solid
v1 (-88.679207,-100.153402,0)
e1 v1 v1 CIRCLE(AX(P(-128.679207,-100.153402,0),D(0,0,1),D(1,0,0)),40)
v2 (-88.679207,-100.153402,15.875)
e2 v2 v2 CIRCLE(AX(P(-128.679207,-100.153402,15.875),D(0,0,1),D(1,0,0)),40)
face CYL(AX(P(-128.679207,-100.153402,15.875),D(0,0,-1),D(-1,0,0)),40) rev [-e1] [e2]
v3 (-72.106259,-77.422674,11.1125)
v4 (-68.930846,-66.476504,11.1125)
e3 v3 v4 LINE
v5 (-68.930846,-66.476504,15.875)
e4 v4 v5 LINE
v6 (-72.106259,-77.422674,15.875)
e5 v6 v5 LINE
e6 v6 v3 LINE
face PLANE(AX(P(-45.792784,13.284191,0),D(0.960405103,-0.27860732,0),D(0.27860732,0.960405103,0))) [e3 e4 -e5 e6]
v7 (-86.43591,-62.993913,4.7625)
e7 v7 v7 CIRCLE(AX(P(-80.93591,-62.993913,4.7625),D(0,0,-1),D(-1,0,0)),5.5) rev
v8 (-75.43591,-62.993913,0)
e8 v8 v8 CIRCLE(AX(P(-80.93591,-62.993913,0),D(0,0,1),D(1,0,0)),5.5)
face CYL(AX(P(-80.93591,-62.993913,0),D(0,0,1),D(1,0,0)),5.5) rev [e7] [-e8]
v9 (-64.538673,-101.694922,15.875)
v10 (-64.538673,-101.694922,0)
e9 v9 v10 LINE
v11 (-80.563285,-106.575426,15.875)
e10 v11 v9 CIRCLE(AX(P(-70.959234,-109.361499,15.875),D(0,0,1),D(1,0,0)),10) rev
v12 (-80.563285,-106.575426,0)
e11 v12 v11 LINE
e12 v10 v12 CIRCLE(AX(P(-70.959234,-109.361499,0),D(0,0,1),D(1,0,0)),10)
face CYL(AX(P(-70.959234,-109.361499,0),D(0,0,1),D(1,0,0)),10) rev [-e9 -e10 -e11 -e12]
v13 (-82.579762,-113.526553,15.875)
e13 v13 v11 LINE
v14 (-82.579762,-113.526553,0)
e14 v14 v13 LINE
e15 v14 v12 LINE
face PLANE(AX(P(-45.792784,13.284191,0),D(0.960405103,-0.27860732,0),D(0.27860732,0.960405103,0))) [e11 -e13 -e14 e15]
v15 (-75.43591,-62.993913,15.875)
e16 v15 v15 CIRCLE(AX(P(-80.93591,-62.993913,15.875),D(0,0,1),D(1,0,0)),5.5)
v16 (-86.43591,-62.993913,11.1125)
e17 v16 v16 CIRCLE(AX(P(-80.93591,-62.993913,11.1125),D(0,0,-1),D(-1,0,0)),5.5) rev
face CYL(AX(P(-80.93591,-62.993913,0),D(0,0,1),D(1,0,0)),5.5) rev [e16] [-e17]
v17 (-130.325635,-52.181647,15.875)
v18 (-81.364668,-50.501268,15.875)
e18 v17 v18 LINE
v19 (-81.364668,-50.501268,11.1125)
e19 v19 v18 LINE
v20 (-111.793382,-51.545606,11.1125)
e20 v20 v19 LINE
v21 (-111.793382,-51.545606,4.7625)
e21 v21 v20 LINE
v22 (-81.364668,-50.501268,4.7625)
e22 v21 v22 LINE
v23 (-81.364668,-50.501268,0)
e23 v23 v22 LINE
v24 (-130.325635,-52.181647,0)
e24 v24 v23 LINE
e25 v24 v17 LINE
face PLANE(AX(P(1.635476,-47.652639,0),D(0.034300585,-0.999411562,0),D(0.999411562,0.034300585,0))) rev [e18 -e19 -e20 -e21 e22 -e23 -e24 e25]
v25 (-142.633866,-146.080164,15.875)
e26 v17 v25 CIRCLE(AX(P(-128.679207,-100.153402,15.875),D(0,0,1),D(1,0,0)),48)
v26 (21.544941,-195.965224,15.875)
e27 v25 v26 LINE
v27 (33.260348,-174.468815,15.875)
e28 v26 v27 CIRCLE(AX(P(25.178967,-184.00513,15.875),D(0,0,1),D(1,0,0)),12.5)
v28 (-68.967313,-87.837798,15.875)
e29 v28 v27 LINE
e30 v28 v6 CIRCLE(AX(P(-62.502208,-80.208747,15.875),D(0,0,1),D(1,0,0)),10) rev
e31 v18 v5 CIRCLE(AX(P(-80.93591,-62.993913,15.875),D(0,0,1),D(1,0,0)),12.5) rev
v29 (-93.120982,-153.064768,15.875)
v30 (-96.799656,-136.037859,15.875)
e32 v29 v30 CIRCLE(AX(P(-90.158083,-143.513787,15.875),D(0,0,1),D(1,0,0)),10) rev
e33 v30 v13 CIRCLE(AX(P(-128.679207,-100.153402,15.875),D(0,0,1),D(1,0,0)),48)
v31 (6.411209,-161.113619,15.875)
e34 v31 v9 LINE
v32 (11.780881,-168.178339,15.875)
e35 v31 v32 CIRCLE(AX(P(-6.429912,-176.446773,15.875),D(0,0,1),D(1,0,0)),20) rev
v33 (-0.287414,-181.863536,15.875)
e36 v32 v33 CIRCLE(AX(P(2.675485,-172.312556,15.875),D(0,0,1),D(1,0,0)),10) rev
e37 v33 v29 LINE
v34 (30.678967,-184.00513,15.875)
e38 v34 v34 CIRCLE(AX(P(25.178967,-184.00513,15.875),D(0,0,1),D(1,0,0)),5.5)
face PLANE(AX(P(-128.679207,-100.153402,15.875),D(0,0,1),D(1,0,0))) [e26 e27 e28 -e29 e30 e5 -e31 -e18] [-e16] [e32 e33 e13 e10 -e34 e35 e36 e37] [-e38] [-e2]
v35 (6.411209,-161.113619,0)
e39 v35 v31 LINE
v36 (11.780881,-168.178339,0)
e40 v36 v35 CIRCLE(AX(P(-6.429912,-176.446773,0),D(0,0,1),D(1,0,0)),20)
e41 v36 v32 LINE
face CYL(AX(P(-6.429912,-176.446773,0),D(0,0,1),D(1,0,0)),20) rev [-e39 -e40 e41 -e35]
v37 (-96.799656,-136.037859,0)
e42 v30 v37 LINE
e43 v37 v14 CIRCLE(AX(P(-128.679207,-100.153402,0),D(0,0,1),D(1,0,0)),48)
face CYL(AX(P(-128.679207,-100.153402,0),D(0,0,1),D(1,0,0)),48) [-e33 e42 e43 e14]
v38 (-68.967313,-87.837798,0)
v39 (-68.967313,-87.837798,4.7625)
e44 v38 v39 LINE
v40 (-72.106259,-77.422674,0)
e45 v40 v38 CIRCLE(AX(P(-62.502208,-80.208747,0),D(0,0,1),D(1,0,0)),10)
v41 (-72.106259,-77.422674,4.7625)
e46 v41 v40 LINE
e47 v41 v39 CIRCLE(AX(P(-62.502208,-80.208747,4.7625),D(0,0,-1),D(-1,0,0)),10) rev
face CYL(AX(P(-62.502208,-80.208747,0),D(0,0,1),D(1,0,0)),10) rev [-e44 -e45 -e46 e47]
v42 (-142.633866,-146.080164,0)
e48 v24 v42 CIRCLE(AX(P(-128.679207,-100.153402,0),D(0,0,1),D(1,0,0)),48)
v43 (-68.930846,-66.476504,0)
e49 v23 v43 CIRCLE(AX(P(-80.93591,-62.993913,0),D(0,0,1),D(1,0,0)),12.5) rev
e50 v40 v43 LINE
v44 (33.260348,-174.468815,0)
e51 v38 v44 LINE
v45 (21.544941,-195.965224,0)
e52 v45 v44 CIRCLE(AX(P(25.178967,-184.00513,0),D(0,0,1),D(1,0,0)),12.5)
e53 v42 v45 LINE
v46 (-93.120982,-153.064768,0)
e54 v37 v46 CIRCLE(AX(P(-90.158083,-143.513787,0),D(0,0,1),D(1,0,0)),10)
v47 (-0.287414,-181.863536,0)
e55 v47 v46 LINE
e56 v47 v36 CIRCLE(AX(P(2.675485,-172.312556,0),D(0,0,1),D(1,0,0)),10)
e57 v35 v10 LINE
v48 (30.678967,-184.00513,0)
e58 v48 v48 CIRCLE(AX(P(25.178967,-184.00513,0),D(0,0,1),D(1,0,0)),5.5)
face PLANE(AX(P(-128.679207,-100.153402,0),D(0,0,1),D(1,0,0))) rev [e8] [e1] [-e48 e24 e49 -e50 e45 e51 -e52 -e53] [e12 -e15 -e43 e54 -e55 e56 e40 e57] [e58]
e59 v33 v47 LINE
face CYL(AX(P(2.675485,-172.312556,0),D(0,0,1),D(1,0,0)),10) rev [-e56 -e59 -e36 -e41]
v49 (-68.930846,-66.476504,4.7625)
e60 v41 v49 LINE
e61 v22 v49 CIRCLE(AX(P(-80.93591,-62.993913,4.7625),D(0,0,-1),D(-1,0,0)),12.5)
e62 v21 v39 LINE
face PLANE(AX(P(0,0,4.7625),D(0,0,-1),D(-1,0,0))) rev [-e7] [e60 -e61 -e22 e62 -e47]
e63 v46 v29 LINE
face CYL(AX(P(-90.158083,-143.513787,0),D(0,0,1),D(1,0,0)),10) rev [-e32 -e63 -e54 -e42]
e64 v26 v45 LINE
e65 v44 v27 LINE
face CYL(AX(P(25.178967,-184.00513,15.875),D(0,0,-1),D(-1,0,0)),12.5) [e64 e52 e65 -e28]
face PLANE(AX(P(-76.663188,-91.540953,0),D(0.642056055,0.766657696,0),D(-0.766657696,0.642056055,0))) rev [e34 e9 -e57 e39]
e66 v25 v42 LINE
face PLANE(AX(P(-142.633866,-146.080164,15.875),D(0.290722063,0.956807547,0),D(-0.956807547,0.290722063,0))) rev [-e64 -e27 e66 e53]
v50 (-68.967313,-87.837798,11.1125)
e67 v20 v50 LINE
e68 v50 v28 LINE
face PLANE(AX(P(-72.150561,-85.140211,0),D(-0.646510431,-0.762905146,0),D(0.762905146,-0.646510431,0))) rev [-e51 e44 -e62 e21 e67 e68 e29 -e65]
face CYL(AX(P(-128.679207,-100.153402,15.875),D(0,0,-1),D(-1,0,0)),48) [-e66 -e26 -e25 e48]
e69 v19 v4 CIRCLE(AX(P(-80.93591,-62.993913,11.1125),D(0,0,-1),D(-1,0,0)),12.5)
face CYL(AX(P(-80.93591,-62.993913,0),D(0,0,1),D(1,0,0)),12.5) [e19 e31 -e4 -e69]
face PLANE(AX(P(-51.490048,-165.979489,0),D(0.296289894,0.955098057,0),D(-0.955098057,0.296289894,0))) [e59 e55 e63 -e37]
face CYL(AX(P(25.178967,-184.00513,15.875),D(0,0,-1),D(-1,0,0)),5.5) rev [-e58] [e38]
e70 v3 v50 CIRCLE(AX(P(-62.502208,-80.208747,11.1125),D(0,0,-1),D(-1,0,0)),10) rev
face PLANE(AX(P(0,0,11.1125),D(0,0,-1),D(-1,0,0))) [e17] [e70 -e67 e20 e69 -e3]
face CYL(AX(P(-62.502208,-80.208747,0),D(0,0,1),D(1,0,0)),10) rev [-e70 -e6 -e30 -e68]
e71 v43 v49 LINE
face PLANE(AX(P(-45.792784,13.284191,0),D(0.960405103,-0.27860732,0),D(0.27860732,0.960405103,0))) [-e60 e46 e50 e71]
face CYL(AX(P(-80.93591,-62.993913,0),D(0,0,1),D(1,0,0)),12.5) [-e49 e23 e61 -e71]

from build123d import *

# Parameters (mm, degrees)
SKETCH4_R           = 40
SKETCH4_R_2         = 5.5
BOSS_EXTRUDE1_DEPTH = 15.875
SKETCH5_R           = 5.5
CUT_EXTRUDE2_DEPTH  = 265.729718277
FILLET1_R           = 10
FILLET2_R           = 20
FILLET3_R           = 10
CUT_EXTRUDE3_DEPTH  = 3.175


with BuildPart() as part:
    # Sketch4 → Boss-Extrude1 (new body)
    with BuildSketch(Plane.XY):
        with BuildLine():
            Line((-142.633865887, -146.080164327), (21.544941406, -195.965223983))
            ThreePointArc((21.544941406, -195.965223983), (33.862932788, -192.99616638), (37.258075063, -180.78874144))
            Line((37.258075063, -180.78874144), (-7.649527095, -12.138772571))
            ThreePointArc((-7.649527095, -12.138772571), (-14.239674224, -4.124786339), (-24.611636772, -3.848367419))
            Line((-24.611636772, -3.848367419), (-147.429933804, -55.967315581))
            ThreePointArc((-147.429933804, -55.967315581), (-176.611366682, -102.704491033), (-142.633865887, -146.080164327))
        make_face()
        with Locations((-128.679206861, -100.153402069)):
            Circle(SKETCH4_R, mode=Mode.SUBTRACT)
        with Locations((25.178967194, -184.005129645)):
            Circle(SKETCH4_R_2, mode=Mode.SUBTRACT)
        with Locations((-19.728634964, -15.355160776)):
            Circle(SKETCH4_R_2, mode=Mode.SUBTRACT)
    extrude(amount=BOSS_EXTRUDE1_DEPTH)

    # Sketch5 → Cut-Extrude2 (cut, through all)
    # profile 1 of 3: a face of its own
    with BuildSketch(Plane.XY.offset(15.875)):
        with BuildLine():
            ThreePointArc((-147.429933804, -55.967315581), (-139.051950222, -53.287570217), (-130.325634952, -52.181647103))
            Line((-130.325634952, -52.181647103), (-81.364667563, -50.50126847))
            ThreePointArc((-81.364667563, -50.50126847), (-71.071592766, -55.316332604), (-68.930846466, -66.476504497))
            Line((-68.930846466, -66.476504497), (-73.912035736, -83.647480421))
            Line((-73.912035736, -83.647480421), (33.260347587, -174.468815318))
            ThreePointArc((33.260347587, -174.468815318), (35.742900566, -177.322816295), (37.258075063, -180.78874144))
            Line((37.258075063, -180.78874144), (-7.649527095, -12.138772571))
            ThreePointArc((-7.649527095, -12.138772571), (-14.239674224, -4.124786339), (-24.611636772, -3.848367419))
            Line((-24.611636772, -3.848367419), (-147.429933804, -55.967315581))
        make_face()
        with Locations((-19.728634964, -15.355160776)):
            Circle(SKETCH5_R, mode=Mode.SUBTRACT)
    # profile 2 of 3: a face of its own
    with BuildSketch(Plane.XY.offset(15.875)):
        with BuildLine():
            Line((20.104564205, -172.581450977), (-76.29204815, -91.851773341))
            Line((-76.29204815, -91.851773341), (-82.579761939, -113.52655345))
            ThreePointArc((-82.579761939, -113.52655345), (-94.695070233, -134.05146186), (-115.189187477, -146.218783616))
            Line((-115.189187477, -146.218783616), (12.828423676, -185.932323147))
            ThreePointArc((12.828423676, -185.932323147), (14.203146627, -178.023377153), (20.104564205, -172.581450977))
        make_face()
    # profile 3 of 3: a face of its own
    with BuildSketch(Plane.XY.offset(15.875)):
        with Locations((-80.935910248, -62.993912992)):
            Circle(SKETCH5_R)
    extrude(amount=-CUT_EXTRUDE2_DEPTH, mode=Mode.SUBTRACT)

    # Fillet1
    fillet1_edges = [part.edges().sort_by_distance(p)[0] for p in [
        (-73.912035736, -83.647480421, 7.9375),
        (-115.189187477, -146.218783616, 7.9375),
        (-76.29204815, -91.851773341, 7.9375),
    ]]
    fillet(fillet1_edges, radius=FILLET1_R)

    # Fillet2
    fillet2_edges = [part.edges().sort_by_distance(p)[0] for p in [
        (20.104564205, -172.581450977, 7.9375),
    ]]
    fillet(fillet2_edges, radius=FILLET2_R)

    # Fillet3
    fillet3_edges = [part.edges().sort_by_distance(p)[0] for p in [
        (12.828423676, -185.932323147, 7.9375),
    ]]
    fillet(fillet3_edges, radius=FILLET3_R)

    # Sketch9 → Cut-Extrude3 (cut, symmetric)
    with BuildSketch(Plane.XY.offset(7.9375)):
        Polygon((-61.249571306, -94.378061257), (-111.793381856, -51.545605705), (-96.460931355, -33.452772516), (-45.917120805, -76.285228067), align=None)
    extrude(amount=CUT_EXTRUDE3_DEPTH, both=True, mode=Mode.SUBTRACT)


solid = part.part
